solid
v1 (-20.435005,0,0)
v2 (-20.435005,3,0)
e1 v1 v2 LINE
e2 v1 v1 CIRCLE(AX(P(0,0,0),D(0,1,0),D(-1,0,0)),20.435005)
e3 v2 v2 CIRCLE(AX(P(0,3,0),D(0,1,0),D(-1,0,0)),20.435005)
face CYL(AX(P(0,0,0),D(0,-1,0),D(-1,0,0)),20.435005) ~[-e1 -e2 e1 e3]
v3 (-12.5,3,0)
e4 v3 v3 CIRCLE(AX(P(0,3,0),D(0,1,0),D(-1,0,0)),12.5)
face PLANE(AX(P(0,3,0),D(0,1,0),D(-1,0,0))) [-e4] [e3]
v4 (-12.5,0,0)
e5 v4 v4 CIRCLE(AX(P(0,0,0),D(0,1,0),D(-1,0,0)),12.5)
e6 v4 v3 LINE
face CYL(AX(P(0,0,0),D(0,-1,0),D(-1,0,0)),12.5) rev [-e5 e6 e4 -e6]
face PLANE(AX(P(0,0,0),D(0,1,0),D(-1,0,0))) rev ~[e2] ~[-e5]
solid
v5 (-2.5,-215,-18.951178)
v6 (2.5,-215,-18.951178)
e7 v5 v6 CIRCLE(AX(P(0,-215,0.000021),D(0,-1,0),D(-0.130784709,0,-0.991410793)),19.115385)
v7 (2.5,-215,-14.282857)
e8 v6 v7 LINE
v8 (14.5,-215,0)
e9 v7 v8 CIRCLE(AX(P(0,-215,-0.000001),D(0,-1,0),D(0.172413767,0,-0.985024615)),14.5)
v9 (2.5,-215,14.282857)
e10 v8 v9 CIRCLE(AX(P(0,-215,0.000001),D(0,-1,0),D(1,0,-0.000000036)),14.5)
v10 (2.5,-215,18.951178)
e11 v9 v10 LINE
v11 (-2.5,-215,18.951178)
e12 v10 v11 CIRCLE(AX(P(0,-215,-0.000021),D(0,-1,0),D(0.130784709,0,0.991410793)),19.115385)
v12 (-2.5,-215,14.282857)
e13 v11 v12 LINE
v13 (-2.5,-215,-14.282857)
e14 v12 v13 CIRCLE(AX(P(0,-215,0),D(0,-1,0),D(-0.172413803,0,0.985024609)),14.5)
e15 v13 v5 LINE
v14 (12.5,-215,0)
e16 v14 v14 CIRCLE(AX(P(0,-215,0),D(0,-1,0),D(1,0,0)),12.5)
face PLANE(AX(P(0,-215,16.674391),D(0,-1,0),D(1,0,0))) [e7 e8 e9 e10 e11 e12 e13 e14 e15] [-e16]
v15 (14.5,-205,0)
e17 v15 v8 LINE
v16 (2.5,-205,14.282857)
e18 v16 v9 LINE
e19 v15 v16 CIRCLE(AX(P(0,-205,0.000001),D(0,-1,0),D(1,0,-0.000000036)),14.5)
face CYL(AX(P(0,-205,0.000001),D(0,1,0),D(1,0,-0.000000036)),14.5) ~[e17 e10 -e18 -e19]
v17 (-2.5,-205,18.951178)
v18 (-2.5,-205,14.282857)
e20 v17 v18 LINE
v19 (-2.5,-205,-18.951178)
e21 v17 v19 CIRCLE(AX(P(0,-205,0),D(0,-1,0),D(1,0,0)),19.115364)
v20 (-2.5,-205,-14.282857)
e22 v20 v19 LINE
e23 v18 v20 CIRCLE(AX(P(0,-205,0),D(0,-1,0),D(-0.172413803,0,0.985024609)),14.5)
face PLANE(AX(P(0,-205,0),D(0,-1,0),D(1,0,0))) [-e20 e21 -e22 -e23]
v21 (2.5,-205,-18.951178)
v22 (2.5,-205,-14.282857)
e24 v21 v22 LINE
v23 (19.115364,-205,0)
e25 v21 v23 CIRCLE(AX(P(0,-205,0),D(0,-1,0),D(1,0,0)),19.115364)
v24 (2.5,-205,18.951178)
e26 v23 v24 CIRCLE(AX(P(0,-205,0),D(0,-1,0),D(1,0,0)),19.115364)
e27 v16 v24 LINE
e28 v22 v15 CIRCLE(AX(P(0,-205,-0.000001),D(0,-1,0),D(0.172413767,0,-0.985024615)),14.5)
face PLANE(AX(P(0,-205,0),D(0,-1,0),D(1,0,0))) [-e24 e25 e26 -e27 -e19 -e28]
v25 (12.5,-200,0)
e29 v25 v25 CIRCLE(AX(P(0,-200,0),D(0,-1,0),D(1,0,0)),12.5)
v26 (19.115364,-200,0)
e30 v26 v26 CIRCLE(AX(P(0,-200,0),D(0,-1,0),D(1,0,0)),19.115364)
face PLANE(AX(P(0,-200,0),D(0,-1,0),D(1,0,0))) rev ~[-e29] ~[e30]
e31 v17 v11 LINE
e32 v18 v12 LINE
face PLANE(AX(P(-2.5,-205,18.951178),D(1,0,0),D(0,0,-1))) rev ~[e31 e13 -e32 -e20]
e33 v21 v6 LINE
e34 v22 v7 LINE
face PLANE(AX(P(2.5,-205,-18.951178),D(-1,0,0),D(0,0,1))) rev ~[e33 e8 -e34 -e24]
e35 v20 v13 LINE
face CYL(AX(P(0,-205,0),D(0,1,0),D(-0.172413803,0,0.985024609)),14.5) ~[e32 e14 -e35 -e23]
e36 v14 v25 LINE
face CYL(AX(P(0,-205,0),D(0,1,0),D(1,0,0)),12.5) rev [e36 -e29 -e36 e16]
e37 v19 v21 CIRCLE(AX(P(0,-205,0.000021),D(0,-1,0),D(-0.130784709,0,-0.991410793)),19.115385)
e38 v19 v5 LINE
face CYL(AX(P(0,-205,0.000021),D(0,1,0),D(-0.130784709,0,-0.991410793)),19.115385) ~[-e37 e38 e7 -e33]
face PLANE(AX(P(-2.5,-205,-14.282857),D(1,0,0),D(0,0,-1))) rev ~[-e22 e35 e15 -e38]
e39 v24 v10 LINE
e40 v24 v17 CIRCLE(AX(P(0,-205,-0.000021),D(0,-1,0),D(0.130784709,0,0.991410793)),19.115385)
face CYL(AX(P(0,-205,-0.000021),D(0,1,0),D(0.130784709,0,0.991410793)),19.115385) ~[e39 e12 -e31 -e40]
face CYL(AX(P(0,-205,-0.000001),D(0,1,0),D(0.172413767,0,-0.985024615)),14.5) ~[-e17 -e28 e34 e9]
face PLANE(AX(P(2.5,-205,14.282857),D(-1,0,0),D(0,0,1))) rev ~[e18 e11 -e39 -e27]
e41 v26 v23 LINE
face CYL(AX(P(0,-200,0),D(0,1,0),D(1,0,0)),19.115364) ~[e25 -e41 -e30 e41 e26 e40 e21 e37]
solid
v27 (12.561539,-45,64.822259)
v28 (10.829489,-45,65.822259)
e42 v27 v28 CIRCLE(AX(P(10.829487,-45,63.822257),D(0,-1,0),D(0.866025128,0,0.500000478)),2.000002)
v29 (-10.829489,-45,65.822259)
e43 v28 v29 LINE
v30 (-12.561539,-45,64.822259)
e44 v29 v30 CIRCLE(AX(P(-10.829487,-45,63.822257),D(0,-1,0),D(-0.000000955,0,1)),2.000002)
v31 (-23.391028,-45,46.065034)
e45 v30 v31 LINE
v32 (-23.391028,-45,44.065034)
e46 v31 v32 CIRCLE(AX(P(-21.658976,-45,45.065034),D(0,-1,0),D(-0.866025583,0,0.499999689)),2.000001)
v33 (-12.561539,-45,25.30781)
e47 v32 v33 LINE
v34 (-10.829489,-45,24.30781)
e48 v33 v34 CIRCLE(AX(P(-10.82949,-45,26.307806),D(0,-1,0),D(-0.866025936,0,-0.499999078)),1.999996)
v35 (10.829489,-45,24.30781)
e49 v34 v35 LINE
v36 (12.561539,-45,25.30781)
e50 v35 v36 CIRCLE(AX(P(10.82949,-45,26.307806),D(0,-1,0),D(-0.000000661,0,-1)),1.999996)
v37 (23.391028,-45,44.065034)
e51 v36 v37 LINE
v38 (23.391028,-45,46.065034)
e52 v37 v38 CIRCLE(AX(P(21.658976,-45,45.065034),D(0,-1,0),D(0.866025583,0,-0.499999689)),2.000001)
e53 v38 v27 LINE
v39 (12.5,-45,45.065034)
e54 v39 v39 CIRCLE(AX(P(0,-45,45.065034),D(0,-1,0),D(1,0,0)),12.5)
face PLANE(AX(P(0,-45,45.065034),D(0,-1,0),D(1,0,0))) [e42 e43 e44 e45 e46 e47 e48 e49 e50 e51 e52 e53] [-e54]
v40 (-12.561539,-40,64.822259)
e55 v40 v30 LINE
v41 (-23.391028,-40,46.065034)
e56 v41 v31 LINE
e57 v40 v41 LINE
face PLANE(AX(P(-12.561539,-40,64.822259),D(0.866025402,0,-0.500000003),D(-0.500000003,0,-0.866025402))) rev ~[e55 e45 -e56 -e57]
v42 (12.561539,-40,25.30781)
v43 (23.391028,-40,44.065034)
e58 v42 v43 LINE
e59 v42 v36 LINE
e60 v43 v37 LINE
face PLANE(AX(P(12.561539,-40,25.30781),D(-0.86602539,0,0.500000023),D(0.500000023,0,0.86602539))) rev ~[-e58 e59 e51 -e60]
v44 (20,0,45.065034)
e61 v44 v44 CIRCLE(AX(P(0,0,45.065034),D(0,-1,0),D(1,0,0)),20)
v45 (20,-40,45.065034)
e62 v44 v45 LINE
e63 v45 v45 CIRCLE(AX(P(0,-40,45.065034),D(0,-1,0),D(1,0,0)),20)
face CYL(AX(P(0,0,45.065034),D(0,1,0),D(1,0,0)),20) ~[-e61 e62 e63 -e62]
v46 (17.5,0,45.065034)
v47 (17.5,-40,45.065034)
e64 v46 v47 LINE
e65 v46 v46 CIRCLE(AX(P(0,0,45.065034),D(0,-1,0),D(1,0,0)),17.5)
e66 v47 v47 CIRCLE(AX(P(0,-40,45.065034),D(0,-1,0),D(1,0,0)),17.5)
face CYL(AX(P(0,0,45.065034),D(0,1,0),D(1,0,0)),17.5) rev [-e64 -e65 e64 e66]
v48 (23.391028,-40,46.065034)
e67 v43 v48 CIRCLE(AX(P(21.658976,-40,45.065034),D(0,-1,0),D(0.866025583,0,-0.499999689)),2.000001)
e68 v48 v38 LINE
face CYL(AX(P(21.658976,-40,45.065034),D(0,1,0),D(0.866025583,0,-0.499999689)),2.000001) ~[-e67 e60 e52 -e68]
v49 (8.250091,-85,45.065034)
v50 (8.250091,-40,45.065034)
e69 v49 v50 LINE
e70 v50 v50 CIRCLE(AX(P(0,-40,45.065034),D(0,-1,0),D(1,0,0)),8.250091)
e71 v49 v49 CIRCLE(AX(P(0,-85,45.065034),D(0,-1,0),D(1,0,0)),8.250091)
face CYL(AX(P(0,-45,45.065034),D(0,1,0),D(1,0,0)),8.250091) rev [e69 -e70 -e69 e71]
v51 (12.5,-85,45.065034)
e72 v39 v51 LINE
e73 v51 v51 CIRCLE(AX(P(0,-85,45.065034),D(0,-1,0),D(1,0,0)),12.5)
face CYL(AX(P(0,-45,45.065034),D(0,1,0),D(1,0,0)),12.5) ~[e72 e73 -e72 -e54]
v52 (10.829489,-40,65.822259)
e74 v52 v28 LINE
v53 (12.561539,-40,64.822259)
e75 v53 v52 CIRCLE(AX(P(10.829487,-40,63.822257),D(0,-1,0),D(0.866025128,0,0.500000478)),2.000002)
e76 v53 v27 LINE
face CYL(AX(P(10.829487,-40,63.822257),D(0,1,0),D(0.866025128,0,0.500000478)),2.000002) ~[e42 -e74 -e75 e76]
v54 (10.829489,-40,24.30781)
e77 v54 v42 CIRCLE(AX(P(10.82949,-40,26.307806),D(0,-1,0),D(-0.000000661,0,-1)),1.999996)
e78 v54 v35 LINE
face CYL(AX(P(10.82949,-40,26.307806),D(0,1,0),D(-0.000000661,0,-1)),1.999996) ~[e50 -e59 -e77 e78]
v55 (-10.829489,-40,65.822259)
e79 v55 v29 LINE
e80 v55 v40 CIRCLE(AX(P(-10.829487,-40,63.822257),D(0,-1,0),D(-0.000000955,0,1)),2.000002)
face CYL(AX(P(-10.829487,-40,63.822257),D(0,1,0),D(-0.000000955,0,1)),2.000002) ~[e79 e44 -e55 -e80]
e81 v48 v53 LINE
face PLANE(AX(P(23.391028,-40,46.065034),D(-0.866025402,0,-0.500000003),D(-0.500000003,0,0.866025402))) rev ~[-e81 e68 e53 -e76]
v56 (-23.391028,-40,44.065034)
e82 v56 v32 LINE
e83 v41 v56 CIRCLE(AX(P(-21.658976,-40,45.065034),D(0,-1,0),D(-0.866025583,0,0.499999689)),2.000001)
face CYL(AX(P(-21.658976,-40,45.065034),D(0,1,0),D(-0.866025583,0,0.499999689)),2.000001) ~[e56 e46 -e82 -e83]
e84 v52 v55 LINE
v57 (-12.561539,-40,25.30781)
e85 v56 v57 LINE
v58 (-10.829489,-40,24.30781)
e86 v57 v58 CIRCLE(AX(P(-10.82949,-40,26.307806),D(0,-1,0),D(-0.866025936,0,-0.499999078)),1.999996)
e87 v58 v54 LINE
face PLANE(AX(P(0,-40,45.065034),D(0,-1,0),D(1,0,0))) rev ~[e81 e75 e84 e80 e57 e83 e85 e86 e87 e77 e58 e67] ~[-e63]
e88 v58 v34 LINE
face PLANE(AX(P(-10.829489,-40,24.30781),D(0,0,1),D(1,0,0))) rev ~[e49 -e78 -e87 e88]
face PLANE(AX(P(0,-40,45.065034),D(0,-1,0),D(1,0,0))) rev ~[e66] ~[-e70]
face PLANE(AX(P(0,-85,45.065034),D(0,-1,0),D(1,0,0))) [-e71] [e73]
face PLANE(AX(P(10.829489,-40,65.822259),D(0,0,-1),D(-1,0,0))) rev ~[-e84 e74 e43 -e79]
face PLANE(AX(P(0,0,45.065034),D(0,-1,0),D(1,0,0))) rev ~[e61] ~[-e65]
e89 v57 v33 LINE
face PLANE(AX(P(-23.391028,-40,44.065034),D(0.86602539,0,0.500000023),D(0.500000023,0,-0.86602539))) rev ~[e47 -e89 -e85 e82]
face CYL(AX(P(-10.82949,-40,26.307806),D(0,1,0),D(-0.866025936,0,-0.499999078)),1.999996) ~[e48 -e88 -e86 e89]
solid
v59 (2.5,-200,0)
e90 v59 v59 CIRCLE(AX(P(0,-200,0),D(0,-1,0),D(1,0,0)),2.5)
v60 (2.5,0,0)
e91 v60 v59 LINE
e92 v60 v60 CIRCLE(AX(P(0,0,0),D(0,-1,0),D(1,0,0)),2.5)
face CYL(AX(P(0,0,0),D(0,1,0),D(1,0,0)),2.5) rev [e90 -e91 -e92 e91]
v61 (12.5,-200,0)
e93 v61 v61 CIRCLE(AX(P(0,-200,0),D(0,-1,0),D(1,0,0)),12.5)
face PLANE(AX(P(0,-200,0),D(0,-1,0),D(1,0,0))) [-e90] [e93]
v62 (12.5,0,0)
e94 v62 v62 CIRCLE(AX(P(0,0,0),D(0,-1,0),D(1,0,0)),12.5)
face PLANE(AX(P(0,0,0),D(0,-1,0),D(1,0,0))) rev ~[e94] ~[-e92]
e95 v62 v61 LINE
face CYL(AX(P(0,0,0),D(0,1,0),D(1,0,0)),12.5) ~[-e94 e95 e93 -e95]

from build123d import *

# Parameters (mm, degrees)
F0_R      = 12.5
F0_R_2    = 2.5
F1_DEPTH  = 200
F2_R      = 19.115364
F2_R_2    = 12.5
F3_DEPTH  = 5
F4_R      = 12.5
F5_DEPTH  = 10
F6_R      = 20
F6_R_2    = 17.5
F7_DEPTH  = 40
F8_R      = 8.250091
F9_DEPTH  = 5
F10_R     = 12.5
F10_R_2   = 8.250091
F11_DEPTH = 40
F12_R     = 20.435005
F12_R_2   = 12.5
F13_DEPTH = 3


with BuildPart() as f1:
    # F0 (on Front) → F1 (new body)
    with BuildSketch(Plane.XZ):
        Circle(F0_R)
        Circle(F0_R_2, mode=Mode.SUBTRACT)
    extrude(amount=F1_DEPTH)


with BuildPart() as f3:
    # F2 (on face) → F3 (new body)
    with BuildSketch(Plane.XZ.offset(200)):
        Circle(F2_R)
        Circle(F2_R_2, mode=Mode.SUBTRACT)
    extrude(amount=F3_DEPTH)

    # F4 (on face) → F5 (join)
    with BuildSketch(Plane.XZ.offset(205)):
        with BuildLine():
            Line((2.5, 14.282857), (2.5, 18.951178))
            ThreePointArc((2.5, 18.951178), (0, 19.115364), (-2.5, 18.951178))
            Line((-2.5, 18.951178), (-2.5, 14.282857))
            ThreePointArc((-2.5, 14.282857), (0, 14.5), (2.5, 14.282857))
        make_face()
        with BuildLine():
            ThreePointArc((-2.5, -18.951178), (0, -19.115364), (2.5, -18.951178))
            Line((2.5, -18.951178), (2.5, -14.282857))
            ThreePointArc((2.5, -14.282857), (0, -14.5), (-2.5, -14.282857))
            Line((-2.5, -14.282857), (-2.5, -18.951178))
        make_face()
        with BuildLine():
            ThreePointArc((14.5, 0), (11.101802, 9.327379), (2.5, 14.282857))
            ThreePointArc((2.5, 14.282857), (0, 14.5), (-2.5, 14.282857))
            ThreePointArc((-2.5, 14.282857), (-14.5, 0), (-2.5, -14.282857))
            ThreePointArc((-2.5, -14.282857), (0, -14.5), (2.5, -14.282857))
            ThreePointArc((2.5, -14.282857), (11.101802, -9.327379), (14.5, 0))
        make_face()
        Circle(F4_R, mode=Mode.SUBTRACT)
    extrude(amount=F5_DEPTH)


with BuildPart() as f7:
    # F6 (on Front) → F7 (new body)
    with BuildSketch(Plane.XZ):
        with Locations((0, 45.065034)):
            Circle(F6_R)
        with Locations((0, 45.065034)):
            Circle(F6_R_2, mode=Mode.SUBTRACT)
    extrude(amount=F7_DEPTH)

    # F8 (on face) → F9 (join)
    with BuildSketch(Plane.XZ.offset(40)):
        with BuildLine():
            Line((10.829489, 65.822259), (-10.829489, 65.822259))
            ThreePointArc((-10.829489, 65.822259), (-11.829489, 65.554309), (-12.561539, 64.822259))
            Line((-12.561539, 64.822259), (-23.391028, 46.065034))
            ThreePointArc((-23.391028, 46.065034), (-23.658977, 45.065034), (-23.391028, 44.065034))
            Line((-23.391028, 44.065034), (-12.561539, 25.30781))
            ThreePointArc((-12.561539, 25.30781), (-11.829489, 24.575759), (-10.829489, 24.30781))
            Line((-10.829489, 24.30781), (10.829489, 24.30781))
            ThreePointArc((10.829489, 24.30781), (11.829489, 24.575759), (12.561539, 25.30781))
            Line((12.561539, 25.30781), (23.391028, 44.065034))
            ThreePointArc((23.391028, 44.065034), (23.658977, 45.065034), (23.391028, 46.065034))
            Line((23.391028, 46.065034), (12.561539, 64.822259))
            ThreePointArc((12.561539, 64.822259), (11.829489, 65.554309), (10.829489, 65.822259))
        make_face()
        with Locations((0, 45.065034)):
            Circle(F8_R, mode=Mode.SUBTRACT)
    extrude(amount=F9_DEPTH)

    # F10 (on face) → F11 (join)
    with BuildSketch(Plane.XZ.offset(45)):
        with Locations((0, 45.065034)):
            Circle(F10_R)
        with Locations((0, 45.065034)):
            Circle(F10_R_2, mode=Mode.SUBTRACT)
    extrude(amount=F11_DEPTH)


with BuildPart() as f13:
    # F12 (on face) → F13 (new body)
    with BuildSketch(Plane(origin=(0, 0, 0), x_dir=(-1, 0, 0), z_dir=(0, 1, 0))):
        Circle(F12_R)
        Circle(F12_R_2, mode=Mode.SUBTRACT)
    extrude(amount=F13_DEPTH)


solid = Compound([f1.part, f3.part, f7.part, f13.part])
